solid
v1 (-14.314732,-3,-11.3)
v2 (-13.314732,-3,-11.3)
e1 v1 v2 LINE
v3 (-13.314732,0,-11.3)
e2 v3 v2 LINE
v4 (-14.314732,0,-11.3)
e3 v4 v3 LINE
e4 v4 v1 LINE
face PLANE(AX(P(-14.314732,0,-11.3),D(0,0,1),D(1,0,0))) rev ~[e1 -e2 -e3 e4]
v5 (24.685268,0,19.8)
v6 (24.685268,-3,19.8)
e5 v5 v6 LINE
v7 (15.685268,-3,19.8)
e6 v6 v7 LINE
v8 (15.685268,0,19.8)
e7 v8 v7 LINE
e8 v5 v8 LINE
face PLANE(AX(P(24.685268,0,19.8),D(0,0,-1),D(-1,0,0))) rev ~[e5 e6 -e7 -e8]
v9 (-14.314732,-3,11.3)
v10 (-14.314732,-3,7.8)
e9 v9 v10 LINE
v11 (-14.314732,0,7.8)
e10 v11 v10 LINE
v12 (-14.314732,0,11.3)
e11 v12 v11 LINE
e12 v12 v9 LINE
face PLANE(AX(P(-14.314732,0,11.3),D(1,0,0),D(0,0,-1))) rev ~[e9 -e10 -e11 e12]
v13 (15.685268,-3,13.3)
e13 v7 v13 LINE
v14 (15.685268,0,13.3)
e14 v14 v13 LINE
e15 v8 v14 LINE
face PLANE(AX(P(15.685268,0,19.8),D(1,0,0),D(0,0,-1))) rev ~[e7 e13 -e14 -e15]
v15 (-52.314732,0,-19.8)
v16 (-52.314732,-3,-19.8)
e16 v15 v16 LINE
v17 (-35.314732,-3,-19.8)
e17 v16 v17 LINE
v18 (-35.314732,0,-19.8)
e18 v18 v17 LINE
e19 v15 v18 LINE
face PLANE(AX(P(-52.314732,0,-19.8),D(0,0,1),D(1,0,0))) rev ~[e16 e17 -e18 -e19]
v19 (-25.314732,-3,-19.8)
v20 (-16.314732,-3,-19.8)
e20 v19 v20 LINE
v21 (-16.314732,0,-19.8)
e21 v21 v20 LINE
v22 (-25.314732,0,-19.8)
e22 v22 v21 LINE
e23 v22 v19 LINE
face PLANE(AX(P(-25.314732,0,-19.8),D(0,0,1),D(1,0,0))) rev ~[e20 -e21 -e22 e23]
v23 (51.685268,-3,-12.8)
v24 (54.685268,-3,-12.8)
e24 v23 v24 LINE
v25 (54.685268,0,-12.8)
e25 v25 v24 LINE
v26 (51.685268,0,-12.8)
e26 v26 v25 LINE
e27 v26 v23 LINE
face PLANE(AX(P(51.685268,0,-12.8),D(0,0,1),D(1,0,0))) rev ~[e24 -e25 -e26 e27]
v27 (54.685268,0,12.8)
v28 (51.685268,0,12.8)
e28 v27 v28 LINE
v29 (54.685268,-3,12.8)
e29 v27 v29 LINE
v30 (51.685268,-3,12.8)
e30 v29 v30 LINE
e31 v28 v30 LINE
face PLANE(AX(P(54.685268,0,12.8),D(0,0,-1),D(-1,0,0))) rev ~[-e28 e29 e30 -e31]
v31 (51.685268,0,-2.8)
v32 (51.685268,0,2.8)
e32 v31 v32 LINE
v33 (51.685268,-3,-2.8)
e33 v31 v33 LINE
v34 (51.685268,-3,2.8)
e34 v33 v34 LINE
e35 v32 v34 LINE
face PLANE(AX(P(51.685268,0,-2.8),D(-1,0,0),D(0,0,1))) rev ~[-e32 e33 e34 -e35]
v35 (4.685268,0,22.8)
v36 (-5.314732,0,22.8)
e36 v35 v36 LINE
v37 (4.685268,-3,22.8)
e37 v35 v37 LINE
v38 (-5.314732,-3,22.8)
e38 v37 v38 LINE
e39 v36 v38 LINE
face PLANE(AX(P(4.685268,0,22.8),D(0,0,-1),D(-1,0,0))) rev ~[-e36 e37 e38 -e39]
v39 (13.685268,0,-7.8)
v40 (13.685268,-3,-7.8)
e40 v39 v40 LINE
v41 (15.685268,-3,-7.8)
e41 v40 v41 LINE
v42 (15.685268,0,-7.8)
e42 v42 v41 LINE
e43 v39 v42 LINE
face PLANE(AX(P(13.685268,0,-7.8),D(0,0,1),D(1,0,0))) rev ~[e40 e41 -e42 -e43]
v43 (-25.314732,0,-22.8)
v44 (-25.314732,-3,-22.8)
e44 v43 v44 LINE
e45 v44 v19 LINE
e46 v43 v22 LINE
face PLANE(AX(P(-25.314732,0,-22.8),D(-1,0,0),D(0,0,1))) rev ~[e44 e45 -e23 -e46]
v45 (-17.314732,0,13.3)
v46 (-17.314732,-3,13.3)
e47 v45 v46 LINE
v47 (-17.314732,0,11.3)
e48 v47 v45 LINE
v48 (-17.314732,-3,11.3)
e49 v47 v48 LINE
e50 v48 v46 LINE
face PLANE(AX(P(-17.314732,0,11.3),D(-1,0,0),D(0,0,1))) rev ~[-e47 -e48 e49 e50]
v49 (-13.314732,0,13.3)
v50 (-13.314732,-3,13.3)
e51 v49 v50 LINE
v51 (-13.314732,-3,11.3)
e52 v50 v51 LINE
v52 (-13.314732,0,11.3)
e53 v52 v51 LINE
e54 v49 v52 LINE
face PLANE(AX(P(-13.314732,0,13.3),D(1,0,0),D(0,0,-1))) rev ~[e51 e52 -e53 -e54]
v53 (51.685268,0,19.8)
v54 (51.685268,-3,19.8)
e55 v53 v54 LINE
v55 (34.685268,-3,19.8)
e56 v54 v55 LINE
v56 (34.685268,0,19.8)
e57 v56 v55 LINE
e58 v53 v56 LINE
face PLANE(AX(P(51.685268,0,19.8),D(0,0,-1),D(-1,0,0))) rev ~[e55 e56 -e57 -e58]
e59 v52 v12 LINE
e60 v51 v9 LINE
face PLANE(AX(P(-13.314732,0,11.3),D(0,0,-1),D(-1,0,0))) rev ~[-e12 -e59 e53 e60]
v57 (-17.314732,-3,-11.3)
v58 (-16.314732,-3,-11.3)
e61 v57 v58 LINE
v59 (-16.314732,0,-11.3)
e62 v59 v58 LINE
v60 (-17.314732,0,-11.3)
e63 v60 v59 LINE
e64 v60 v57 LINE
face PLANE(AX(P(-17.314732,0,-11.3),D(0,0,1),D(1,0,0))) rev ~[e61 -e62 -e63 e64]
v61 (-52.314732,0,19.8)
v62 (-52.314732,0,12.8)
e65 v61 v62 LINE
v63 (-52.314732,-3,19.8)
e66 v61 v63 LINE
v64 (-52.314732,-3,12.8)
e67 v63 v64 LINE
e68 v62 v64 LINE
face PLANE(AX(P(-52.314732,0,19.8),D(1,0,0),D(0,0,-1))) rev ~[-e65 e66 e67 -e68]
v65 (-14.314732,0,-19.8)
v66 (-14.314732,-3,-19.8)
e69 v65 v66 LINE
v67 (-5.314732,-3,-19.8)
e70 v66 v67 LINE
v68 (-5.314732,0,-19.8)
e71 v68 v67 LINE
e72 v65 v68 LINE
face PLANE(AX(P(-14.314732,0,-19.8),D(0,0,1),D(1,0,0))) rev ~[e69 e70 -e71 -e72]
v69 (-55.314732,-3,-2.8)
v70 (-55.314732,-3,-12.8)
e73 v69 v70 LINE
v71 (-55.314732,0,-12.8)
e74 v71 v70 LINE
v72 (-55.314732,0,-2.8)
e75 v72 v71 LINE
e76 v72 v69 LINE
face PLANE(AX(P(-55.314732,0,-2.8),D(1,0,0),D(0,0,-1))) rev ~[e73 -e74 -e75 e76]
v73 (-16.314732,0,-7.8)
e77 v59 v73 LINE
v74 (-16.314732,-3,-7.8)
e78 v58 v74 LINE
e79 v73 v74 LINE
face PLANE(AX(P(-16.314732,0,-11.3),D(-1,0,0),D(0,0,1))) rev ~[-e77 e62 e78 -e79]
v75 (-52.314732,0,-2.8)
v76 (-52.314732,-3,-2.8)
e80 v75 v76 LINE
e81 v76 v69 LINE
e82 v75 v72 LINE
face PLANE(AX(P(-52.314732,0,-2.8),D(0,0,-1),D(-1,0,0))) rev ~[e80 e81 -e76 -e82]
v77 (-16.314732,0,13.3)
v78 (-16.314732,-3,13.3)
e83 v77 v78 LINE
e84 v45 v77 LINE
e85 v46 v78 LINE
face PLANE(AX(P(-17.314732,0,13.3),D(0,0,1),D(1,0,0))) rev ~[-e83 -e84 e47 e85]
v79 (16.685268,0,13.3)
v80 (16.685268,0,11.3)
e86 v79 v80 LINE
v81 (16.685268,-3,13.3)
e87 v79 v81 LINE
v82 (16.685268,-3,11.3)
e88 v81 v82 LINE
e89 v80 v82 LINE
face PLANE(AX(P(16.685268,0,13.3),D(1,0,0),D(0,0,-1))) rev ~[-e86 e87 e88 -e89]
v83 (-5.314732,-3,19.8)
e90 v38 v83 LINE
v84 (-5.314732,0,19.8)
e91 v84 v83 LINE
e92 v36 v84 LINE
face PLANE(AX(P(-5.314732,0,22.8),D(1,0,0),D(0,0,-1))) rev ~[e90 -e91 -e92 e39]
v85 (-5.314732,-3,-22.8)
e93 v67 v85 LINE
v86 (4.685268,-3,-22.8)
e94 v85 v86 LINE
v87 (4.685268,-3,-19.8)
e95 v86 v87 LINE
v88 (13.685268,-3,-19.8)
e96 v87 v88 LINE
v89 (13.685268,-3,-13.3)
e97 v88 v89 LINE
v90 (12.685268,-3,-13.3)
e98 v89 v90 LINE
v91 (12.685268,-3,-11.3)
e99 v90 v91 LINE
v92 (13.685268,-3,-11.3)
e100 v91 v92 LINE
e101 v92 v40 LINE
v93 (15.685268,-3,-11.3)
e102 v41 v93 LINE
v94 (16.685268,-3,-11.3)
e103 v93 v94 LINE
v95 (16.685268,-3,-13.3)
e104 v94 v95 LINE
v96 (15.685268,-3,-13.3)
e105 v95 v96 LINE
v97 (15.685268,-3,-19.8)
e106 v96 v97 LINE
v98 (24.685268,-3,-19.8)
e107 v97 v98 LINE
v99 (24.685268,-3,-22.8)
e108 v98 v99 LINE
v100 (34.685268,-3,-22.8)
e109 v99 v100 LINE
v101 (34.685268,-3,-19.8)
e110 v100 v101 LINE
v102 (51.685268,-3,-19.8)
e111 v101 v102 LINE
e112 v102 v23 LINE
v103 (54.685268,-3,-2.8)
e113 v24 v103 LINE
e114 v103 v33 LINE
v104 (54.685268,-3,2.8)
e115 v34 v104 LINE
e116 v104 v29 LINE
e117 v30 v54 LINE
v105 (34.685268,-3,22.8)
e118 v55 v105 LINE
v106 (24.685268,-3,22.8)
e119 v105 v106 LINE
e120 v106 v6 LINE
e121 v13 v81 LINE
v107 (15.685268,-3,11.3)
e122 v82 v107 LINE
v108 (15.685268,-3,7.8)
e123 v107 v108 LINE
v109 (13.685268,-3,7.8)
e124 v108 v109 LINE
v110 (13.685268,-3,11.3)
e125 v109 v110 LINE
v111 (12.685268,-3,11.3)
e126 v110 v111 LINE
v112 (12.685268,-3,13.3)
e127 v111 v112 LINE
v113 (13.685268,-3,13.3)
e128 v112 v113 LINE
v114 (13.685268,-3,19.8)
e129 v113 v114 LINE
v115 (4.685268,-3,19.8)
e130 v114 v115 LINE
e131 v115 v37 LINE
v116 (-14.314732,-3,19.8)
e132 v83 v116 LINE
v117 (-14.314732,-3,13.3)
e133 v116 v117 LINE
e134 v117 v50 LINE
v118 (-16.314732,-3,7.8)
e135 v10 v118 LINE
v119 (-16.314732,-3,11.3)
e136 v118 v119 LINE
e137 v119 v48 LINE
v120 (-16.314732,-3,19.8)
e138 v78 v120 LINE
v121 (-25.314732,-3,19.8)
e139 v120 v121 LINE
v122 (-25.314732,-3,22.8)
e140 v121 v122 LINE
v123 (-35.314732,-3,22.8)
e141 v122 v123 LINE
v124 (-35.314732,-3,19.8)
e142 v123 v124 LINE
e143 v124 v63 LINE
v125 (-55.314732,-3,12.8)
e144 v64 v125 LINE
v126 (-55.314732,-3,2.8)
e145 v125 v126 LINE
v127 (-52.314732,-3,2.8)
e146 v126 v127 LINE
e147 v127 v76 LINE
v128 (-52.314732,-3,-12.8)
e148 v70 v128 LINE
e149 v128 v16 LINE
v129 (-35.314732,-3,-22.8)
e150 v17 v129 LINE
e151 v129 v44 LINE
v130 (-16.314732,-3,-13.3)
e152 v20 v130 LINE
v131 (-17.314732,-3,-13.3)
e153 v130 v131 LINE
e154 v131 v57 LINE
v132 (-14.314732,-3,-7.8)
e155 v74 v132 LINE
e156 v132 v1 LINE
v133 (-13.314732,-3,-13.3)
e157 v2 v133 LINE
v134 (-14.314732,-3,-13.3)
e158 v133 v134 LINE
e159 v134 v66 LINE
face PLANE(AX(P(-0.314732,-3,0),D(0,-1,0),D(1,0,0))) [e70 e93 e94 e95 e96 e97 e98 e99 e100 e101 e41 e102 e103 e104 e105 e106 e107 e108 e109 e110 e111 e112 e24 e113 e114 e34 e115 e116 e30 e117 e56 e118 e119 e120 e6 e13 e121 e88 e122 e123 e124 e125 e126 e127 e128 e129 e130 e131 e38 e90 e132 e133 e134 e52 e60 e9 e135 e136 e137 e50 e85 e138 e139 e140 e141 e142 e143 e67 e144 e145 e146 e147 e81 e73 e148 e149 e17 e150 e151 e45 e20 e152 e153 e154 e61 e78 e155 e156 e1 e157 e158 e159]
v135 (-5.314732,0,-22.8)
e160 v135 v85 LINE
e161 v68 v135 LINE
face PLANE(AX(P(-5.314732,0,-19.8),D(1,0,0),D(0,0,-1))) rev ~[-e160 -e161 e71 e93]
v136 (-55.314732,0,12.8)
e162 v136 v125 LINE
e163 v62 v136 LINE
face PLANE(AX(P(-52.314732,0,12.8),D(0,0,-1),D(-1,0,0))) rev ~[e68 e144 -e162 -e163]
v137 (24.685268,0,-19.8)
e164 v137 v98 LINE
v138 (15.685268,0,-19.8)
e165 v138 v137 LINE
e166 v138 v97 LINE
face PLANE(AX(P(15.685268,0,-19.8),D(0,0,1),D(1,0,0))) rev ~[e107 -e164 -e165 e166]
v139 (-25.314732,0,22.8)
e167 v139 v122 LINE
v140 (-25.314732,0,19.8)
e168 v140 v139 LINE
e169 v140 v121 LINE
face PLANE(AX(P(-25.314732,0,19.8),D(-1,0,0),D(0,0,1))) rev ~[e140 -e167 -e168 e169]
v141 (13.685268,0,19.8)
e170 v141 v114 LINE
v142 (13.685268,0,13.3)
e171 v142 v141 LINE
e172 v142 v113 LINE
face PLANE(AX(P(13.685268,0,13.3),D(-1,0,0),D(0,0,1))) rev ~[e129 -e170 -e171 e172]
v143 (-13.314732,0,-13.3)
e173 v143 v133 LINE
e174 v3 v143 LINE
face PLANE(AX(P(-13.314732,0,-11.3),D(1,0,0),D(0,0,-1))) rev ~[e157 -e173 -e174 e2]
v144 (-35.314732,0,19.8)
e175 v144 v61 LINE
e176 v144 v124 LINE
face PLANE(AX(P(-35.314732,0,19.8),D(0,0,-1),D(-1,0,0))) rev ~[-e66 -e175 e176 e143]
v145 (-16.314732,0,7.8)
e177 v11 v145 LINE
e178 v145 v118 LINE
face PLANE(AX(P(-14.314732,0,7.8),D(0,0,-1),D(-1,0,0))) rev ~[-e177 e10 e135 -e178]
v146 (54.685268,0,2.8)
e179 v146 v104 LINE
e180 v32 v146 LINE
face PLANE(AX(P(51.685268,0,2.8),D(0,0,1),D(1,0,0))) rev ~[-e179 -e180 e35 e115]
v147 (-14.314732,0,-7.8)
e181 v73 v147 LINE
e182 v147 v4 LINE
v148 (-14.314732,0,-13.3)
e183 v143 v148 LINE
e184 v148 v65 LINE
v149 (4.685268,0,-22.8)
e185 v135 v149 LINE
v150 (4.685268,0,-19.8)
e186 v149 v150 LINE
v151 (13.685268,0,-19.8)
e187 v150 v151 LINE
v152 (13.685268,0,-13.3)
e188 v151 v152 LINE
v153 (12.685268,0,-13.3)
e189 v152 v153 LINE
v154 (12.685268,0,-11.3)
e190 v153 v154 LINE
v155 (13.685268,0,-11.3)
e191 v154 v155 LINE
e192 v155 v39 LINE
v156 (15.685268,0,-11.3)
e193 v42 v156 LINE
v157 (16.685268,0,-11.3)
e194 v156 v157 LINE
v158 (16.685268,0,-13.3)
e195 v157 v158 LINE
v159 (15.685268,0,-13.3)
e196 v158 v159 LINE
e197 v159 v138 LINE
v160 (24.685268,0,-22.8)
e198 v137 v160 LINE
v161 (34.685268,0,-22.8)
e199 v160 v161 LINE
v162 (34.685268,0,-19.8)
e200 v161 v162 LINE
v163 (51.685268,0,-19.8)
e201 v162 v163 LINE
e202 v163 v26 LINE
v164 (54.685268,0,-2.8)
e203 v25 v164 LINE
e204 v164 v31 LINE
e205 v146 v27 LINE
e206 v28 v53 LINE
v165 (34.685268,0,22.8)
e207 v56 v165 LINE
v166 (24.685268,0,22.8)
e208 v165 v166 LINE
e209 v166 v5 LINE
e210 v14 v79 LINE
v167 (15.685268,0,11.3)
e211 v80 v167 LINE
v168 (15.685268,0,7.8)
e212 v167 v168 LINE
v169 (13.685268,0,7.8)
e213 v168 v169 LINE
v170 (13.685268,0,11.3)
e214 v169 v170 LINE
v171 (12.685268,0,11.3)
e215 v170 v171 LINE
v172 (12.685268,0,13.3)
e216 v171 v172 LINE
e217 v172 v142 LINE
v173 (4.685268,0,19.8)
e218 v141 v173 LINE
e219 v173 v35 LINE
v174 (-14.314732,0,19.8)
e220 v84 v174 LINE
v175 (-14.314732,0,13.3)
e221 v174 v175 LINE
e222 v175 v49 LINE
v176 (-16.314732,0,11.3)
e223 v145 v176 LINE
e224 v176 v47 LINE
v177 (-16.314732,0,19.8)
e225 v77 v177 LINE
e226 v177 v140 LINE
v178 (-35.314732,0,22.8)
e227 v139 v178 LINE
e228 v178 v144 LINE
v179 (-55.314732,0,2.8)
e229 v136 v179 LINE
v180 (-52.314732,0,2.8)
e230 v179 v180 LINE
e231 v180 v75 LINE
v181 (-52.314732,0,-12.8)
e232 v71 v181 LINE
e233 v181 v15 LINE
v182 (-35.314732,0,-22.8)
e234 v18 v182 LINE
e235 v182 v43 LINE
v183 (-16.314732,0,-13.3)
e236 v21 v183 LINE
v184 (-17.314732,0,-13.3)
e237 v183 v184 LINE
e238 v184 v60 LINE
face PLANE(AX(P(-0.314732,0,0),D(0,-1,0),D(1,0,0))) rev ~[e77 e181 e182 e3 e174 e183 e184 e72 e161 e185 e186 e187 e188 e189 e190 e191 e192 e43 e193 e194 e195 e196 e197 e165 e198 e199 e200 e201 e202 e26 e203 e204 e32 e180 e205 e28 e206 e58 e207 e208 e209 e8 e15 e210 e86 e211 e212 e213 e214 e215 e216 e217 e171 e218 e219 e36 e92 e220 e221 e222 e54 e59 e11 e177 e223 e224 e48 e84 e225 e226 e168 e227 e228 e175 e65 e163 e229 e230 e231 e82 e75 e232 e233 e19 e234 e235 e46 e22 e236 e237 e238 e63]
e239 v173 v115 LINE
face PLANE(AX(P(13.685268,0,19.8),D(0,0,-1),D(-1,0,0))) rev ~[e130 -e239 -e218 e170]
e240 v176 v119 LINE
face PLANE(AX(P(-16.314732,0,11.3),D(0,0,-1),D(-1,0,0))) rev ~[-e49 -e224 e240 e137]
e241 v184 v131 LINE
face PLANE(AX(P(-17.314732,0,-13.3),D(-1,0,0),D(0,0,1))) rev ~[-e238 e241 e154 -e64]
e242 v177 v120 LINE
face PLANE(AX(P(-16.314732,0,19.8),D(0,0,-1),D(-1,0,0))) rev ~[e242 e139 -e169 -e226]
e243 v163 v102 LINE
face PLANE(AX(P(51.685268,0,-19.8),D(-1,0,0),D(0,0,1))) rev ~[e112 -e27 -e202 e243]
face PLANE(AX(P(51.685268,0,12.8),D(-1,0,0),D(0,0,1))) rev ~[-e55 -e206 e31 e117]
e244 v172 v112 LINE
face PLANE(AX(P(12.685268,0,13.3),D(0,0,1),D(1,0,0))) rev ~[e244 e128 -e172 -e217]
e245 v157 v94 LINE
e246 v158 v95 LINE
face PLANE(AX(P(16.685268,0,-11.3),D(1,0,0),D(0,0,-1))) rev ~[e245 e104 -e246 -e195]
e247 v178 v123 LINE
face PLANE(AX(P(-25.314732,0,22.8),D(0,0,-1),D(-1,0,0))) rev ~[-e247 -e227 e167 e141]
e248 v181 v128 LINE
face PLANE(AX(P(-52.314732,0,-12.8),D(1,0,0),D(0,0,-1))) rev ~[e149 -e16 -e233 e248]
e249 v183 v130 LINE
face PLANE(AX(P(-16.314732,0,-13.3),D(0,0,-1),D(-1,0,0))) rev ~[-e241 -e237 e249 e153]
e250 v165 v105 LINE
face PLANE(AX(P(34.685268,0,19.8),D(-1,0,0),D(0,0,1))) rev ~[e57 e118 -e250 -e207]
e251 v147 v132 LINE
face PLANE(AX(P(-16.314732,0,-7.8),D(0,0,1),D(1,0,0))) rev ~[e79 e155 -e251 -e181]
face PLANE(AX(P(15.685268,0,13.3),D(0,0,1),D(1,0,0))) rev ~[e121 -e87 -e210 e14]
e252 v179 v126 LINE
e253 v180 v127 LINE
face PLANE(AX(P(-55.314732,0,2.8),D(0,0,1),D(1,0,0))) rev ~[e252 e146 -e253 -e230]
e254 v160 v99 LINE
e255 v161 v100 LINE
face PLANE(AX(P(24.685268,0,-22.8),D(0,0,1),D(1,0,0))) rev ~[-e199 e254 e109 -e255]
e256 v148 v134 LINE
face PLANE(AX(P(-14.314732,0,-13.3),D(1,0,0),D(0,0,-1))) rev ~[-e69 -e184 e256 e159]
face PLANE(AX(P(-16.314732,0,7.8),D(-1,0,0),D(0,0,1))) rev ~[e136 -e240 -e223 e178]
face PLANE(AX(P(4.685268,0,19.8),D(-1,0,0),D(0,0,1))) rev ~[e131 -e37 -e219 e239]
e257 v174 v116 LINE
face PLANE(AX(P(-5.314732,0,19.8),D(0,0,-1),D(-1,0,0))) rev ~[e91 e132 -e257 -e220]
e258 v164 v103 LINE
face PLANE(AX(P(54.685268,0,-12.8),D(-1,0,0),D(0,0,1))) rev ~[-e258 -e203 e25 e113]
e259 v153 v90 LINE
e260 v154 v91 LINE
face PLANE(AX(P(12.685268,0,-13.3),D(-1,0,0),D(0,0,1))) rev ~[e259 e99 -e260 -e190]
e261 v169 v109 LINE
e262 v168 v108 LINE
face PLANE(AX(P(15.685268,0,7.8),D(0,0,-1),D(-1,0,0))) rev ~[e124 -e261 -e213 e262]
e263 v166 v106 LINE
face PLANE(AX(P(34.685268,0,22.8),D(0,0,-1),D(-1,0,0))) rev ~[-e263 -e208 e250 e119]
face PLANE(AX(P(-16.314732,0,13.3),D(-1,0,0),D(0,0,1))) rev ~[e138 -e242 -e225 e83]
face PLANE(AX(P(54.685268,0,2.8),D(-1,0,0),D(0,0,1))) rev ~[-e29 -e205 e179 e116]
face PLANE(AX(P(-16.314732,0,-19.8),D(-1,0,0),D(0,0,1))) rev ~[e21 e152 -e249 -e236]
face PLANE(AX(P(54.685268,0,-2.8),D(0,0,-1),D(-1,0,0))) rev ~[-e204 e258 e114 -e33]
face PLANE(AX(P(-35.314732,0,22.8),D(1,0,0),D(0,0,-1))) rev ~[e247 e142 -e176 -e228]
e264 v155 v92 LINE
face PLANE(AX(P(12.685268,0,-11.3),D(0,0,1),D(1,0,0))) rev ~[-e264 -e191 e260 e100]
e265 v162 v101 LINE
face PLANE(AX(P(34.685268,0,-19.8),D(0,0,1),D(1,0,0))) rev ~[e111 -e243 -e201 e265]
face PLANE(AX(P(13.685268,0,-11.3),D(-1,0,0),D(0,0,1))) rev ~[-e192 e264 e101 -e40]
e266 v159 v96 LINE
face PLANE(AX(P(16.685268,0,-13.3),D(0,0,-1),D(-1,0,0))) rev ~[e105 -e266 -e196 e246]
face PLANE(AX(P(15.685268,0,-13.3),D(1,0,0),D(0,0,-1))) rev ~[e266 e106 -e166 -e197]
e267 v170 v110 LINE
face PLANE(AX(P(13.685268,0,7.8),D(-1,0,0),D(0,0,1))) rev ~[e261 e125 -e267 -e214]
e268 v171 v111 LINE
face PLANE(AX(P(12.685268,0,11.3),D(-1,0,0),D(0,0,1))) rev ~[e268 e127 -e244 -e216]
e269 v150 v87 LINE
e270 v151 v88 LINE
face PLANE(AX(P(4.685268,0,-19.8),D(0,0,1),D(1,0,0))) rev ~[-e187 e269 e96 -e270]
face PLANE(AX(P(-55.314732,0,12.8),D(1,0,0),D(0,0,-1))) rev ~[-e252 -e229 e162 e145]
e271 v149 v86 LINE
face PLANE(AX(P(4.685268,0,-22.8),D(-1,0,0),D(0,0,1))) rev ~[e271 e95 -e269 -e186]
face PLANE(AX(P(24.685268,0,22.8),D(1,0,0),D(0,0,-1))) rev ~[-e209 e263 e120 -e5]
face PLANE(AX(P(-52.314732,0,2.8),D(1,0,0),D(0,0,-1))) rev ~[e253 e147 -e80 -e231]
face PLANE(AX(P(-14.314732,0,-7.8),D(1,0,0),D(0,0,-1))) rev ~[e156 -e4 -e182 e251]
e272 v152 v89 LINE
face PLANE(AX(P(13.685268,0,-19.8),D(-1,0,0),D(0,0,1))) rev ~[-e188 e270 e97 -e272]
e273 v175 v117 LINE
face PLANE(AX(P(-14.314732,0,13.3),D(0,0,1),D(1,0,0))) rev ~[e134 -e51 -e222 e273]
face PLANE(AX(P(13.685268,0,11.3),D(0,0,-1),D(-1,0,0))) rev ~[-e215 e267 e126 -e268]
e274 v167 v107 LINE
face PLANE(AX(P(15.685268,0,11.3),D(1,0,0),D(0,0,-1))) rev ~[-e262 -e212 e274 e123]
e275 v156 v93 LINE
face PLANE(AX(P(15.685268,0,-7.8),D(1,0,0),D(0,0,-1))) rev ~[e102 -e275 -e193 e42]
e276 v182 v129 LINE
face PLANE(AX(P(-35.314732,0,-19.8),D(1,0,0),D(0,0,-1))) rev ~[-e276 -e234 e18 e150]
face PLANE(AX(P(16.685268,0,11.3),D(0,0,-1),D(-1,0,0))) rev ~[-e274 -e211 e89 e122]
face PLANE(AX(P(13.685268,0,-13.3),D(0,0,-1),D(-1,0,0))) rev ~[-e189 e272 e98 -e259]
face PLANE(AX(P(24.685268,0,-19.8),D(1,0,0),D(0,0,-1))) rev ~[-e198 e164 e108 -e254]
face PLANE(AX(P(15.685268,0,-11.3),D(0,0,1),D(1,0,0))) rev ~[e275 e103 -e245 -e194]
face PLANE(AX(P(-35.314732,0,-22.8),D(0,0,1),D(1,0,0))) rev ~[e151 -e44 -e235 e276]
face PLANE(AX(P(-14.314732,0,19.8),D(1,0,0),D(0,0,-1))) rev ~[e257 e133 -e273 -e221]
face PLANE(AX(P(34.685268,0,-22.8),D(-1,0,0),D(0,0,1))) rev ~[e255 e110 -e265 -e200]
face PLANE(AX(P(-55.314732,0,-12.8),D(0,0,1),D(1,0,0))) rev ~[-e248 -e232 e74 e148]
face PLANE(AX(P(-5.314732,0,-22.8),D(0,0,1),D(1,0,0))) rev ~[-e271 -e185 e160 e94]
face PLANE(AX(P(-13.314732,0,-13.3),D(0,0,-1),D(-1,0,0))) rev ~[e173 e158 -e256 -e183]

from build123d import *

# Parameters (mm, degrees)
F1_DEPTH = 3


with BuildPart() as f1:
    # F0 (on Front) → F1 (new body)
    with BuildSketch(Plane.XZ):
        Polygon((-52.314732, 2.8), (-52.314732, 0), (-52.314732, -2.8), (-55.314732, -2.8), (-55.314732, -12.8), (-52.314732, -12.8), (-52.314732, -19.8), (-35.314732, -19.8), (-35.314732, -22.8), (-25.314732, -22.8), (-25.314732, -19.8), (-16.314732, -19.8), (-16.314732, -13.3), (-17.314732, -13.3), (-17.314732, -11.3), (-16.314732, -11.3), (-16.314732, -7.8), (-14.314732, -7.8), (-14.314732, -11.3), (-13.314732, -11.3), (-13.314732, -13.3), (-14.314732, -13.3), (-14.314732, -19.8), (-5.314732, -19.8), (-5.314732, -22.8), (-0.314732, -22.8), (4.685268, -22.8), (4.685268, -19.8), (13.685268, -19.8), (13.685268, -13.3), (12.685268, -13.3), (12.685268, -11.3), (13.685268, -11.3), (13.685268, -7.8), (15.685268, -7.8), (15.685268, -11.3), (16.685268, -11.3), (16.685268, -13.3), (15.685268, -13.3), (15.685268, -19.8), (24.685268, -19.8), (24.685268, -22.8), (34.685268, -22.8), (34.685268, -19.8), (51.685268, -19.8), (51.685268, -12.8), (54.685268, -12.8), (54.685268, -2.8), (51.685268, -2.8), (51.685268, 0), (51.685268, 2.8), (54.685268, 2.8), (54.685268, 12.8), (51.685268, 12.8), (51.685268, 19.8), (34.685268, 19.8), (34.685268, 22.8), (24.685268, 22.8), (24.685268, 19.8), (15.685268, 19.8), (15.685268, 13.3), (16.685268, 13.3), (16.685268, 11.3), (15.685268, 11.3), (15.685268, 7.8), (13.685268, 7.8), (13.685268, 11.3), (12.685268, 11.3), (12.685268, 13.3), (13.685268, 13.3), (13.685268, 19.8), (4.685268, 19.8), (4.685268, 22.8), (-0.314732, 22.8), (-5.314732, 22.8), (-5.314732, 19.8), (-14.314732, 19.8), (-14.314732, 13.3), (-13.314732, 13.3), (-13.314732, 11.3), (-14.314732, 11.3), (-14.314732, 7.8), (-16.314732, 7.8), (-16.314732, 11.3), (-17.314732, 11.3), (-17.314732, 13.3), (-16.314732, 13.3), (-16.314732, 19.8), (-25.314732, 19.8), (-25.314732, 22.8), (-35.314732, 22.8), (-35.314732, 19.8), (-52.314732, 19.8), (-52.314732, 12.8), (-55.314732, 12.8), (-55.314732, 2.8), align=None)
    extrude(amount=F1_DEPTH)


solid = f1.part
